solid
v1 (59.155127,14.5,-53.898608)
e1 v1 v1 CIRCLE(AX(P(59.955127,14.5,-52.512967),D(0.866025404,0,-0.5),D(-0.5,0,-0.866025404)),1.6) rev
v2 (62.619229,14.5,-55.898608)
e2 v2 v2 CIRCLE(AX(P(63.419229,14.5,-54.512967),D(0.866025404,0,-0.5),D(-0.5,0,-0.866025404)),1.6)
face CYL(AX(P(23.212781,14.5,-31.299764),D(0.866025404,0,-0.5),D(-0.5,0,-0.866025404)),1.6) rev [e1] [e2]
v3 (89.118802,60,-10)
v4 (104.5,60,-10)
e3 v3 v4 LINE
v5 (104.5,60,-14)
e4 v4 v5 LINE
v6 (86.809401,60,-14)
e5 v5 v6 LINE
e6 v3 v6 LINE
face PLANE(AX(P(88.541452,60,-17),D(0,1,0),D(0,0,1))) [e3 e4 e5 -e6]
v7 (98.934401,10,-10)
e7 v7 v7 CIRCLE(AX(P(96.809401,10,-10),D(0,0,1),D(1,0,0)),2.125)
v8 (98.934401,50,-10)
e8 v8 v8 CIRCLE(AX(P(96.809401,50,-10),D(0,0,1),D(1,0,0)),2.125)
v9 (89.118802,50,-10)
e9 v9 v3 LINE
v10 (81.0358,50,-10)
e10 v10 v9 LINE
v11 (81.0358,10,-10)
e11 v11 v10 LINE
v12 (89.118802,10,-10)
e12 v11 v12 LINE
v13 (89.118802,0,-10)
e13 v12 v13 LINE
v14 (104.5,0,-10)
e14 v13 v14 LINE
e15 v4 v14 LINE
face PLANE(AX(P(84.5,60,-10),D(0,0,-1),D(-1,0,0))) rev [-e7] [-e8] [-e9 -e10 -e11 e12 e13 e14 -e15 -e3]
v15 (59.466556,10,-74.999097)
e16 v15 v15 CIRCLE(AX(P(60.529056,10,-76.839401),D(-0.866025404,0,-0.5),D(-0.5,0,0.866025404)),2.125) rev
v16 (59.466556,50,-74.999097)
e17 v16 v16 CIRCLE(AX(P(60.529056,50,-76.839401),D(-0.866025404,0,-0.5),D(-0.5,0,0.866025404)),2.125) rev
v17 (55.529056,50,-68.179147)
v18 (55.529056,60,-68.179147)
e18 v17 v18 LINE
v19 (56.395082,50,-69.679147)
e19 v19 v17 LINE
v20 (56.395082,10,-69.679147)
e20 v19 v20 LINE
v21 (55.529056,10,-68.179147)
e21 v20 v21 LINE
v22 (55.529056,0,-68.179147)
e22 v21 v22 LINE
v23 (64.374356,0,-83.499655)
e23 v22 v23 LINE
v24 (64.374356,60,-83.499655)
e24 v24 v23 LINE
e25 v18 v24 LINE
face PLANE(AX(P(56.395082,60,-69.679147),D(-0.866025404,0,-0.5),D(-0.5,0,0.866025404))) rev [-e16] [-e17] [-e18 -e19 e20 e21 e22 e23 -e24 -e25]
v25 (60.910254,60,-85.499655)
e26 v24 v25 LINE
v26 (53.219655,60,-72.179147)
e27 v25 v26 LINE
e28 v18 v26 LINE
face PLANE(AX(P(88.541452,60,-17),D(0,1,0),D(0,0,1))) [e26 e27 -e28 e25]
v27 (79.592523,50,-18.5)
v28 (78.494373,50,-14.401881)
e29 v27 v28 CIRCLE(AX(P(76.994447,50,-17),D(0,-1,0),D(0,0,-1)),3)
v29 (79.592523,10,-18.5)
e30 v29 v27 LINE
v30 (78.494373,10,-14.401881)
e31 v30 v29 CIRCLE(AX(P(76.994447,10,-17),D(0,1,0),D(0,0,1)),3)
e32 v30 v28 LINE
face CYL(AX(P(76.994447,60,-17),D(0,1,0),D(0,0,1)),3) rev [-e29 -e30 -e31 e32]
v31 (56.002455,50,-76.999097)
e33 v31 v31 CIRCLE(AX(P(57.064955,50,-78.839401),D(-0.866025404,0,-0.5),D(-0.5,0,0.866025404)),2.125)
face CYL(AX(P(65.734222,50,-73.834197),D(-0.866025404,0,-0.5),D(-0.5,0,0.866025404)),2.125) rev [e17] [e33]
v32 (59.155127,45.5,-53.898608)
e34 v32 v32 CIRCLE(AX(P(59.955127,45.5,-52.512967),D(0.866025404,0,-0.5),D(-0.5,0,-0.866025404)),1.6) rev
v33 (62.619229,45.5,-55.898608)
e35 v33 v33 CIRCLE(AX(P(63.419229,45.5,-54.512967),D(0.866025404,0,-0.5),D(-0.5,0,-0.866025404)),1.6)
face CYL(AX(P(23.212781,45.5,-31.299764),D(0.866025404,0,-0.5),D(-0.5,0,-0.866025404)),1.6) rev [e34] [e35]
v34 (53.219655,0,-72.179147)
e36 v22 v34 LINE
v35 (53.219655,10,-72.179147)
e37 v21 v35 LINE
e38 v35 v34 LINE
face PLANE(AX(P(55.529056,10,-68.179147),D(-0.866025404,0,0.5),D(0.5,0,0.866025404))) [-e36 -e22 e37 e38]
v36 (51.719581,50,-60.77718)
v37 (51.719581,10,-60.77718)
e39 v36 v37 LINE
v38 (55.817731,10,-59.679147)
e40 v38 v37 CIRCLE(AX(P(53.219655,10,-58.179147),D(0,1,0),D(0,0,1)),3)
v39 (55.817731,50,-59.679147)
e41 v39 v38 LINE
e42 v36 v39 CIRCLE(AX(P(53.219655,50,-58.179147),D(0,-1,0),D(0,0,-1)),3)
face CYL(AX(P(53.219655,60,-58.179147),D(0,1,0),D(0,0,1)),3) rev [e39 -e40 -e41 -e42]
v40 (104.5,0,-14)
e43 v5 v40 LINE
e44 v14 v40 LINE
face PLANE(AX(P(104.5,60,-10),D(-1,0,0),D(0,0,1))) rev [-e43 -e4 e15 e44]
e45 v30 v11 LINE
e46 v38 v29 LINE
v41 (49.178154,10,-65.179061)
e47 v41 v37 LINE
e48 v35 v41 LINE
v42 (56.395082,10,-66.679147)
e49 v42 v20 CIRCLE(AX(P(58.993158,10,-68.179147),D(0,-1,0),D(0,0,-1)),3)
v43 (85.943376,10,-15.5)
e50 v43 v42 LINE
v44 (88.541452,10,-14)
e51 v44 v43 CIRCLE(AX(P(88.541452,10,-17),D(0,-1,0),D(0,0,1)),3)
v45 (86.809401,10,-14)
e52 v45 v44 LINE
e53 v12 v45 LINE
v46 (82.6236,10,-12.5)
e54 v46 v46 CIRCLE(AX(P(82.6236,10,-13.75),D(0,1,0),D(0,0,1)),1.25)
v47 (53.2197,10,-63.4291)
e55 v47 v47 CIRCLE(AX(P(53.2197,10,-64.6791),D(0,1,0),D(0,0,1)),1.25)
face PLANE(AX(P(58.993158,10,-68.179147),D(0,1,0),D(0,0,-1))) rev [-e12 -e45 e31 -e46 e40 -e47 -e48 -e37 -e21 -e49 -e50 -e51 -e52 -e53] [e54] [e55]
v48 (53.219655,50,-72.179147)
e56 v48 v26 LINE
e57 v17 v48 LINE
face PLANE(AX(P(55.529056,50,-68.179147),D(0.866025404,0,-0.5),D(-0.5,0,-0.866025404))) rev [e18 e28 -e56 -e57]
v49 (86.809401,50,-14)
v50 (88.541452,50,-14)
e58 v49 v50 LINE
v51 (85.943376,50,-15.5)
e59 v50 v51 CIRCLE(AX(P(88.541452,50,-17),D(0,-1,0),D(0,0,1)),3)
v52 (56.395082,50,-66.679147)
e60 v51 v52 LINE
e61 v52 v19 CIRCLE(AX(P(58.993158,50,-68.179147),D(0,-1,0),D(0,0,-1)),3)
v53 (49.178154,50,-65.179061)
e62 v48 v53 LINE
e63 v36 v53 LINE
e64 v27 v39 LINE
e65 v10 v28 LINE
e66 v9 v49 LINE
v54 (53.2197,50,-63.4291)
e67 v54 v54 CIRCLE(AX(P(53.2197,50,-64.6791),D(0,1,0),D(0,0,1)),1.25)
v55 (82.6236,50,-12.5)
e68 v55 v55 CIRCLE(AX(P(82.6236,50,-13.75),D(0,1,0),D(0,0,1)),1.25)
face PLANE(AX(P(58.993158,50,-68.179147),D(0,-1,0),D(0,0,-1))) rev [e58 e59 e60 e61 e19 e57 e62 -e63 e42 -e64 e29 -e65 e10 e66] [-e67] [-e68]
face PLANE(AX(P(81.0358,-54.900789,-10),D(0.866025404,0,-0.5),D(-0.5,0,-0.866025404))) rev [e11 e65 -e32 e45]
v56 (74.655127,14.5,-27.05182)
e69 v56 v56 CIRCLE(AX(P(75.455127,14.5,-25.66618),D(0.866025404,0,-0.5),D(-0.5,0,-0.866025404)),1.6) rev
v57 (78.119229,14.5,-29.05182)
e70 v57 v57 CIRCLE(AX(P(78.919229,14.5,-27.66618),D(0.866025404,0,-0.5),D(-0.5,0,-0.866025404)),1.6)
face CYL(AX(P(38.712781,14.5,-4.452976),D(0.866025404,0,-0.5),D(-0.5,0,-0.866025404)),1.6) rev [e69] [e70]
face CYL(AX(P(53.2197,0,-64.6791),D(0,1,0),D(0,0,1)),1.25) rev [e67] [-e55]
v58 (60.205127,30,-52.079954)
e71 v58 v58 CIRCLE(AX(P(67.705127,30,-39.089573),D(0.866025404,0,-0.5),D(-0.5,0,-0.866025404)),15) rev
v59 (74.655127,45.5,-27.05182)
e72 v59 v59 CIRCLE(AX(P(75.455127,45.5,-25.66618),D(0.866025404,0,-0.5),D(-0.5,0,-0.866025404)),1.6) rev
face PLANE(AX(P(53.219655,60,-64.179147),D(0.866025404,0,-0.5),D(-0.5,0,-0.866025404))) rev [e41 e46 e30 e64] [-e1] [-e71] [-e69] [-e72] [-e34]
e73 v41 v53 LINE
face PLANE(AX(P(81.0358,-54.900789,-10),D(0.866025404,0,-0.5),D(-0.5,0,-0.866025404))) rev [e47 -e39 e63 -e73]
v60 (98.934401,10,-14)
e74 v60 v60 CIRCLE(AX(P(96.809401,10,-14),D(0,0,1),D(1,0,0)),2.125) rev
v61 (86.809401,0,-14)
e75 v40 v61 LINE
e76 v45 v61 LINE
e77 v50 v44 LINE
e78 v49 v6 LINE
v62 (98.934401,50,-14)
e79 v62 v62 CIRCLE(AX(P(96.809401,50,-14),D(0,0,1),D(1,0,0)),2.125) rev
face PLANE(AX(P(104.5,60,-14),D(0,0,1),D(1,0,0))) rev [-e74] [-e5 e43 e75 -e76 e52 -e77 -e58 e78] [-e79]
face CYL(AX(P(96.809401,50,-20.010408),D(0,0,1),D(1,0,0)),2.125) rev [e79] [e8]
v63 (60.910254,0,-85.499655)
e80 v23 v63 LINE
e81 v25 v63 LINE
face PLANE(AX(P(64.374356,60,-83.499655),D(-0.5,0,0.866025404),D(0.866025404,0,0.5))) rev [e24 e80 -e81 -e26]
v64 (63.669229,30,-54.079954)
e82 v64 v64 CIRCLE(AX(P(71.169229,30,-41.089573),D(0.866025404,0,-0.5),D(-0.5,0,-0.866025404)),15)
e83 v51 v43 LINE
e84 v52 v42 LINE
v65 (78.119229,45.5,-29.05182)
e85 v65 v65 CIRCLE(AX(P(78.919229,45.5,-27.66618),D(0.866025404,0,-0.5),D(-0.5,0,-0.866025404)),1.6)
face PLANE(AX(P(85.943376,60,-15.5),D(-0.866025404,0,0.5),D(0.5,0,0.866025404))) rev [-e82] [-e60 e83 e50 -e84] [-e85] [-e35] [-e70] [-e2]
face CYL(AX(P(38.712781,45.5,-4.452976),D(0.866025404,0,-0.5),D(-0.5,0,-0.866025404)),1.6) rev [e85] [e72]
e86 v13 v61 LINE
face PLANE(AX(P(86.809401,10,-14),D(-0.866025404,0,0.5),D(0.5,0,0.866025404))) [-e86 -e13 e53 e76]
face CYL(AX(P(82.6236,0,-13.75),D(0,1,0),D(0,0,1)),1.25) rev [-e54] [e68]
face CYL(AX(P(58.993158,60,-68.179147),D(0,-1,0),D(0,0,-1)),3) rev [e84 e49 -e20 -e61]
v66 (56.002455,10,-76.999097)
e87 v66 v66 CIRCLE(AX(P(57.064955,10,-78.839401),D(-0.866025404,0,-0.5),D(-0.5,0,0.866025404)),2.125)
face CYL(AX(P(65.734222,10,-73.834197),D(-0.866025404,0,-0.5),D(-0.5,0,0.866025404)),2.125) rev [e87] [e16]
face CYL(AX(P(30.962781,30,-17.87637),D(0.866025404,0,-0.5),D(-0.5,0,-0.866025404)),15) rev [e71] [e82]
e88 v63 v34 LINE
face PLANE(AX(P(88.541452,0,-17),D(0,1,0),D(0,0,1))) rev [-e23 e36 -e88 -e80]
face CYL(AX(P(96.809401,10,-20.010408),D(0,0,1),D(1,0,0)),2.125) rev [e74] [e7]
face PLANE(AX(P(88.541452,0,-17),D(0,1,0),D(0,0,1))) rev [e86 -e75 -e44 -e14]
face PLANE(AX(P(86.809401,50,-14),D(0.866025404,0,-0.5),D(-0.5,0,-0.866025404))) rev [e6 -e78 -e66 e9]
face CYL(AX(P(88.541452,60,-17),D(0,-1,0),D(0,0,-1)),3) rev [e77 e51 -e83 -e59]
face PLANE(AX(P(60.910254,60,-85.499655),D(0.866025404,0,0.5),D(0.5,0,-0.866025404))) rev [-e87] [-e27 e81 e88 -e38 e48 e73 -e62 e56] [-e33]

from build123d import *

# Parameters (mm, degrees)
BOSS_EXTRUDE4_DEPTH = 60
CUT_EXTRUDE9_DEPTH  = 10
FILLET5_R           = 3
SKETCH13_R          = 1.25
CUT_EXTRUDE10_DEPTH = 51
SKETCH14_R          = 2.125
CUT_EXTRUDE11_DEPTH = 4
SKETCH15_R          = 2.125
CUT_EXTRUDE12_DEPTH = 4
SKETCH16_R          = 15
SKETCH16_R_2        = 1.6
CUT_EXTRUDE13_DEPTH = 4
CUT_EXTRUDE14_DEPTH = 40


with BuildPart() as part:
    # Sketch1 → Boss-Extrude4 (new body)
    with BuildSketch(Plane(origin=(0, 0, 0), x_dir=(1, 0, 0), z_dir=(0, 1, 0))):
        with BuildLine():
            Line((84.5, 10), (104.5, 10))
            Line((104.5, 10), (104.5, 14))
            Line((104.5, 14), (88.541451884, 14))
            ThreePointArc((88.541451884, 14), (87.041451884, 14.401923789), (85.943375673, 15.5))
            Line((85.943375673, 15.5), (56.395081595, 66.67914662))
            ThreePointArc((56.395081595, 66.67914662), (55.993157806, 68.17914662), (56.395081595, 69.67914662))
            Line((56.395081595, 69.67914662), (64.374355653, 83.499654695))
            Line((64.374355653, 83.499654695), (60.910254038, 85.499654695))
            Line((60.910254038, 85.499654695), (50.910254038, 68.17914662))
            Line((50.910254038, 68.17914662), (46.868804038, 61.179149884))
            Line((46.868804038, 61.179149884), (49.178205115, 57.179149884))
            Line((49.178205115, 57.179149884), (53.219655115, 64.17914662))
            Line((53.219655115, 64.17914662), (82.190598923, 14))
            Line((82.190598923, 14), (74.107698923, 14))
            Line((74.107698923, 14), (76.4171, 10))
            Line((76.4171, 10), (84.5, 10))
        make_face()
    extrude(amount=BOSS_EXTRUDE4_DEPTH)

    # Sketch12 → Cut-Extrude9 (cut)
    with BuildSketch(Plane(origin=(0, 60, 0), x_dir=(1, 0, 0), z_dir=(0, 1, 0))):
        with BuildLine():
            Line((89.118802154, 10), (76.4171, 10))
            Line((76.4171, 10), (46.868804038, 61.179149884))
            Line((46.868804038, 61.179149884), (53.219655115, 72.17914662))
            Line((53.219655115, 72.17914662), (55.529056191, 68.17914662))
            Line((55.529056191, 68.17914662), (56.395081595, 69.67914662))
            ThreePointArc((56.395081595, 69.67914662), (55.993157806, 68.17914662), (56.395081595, 66.67914662))
            Line((56.395081595, 66.67914662), (85.943375673, 15.5))
            ThreePointArc((85.943375673, 15.5), (87.041451884, 14.401923789), (88.541451884, 14))
            Line((88.541451884, 14), (86.809401077, 14))
            Line((86.809401077, 14), (89.118802154, 10))
        make_face()
    cut_extrude9 = extrude(amount=-CUT_EXTRUDE9_DEPTH, mode=Mode.SUBTRACT)

    # Mirror4: Cut-Extrude9 across plane
    add(cut_extrude9.mirror(Plane.ZX.offset(30)), mode=Mode.SUBTRACT)

    # Fillet5
    fillet5_edges = [part.edges().sort_by_distance(p)[0] for p in [
        (82.190598923, 30, -14),
        (53.219655115, 30, -64.17914662),
    ]]
    fillet(fillet5_edges, radius=FILLET5_R)

    # Sketch13 → Cut-Extrude10 (cut, through all)
    with BuildSketch(Plane(origin=(0, 50, 0), x_dir=(1, 0, 0), z_dir=(0, 1, 0))):
        with Locations((53.2197, 64.6791)):
            Circle(SKETCH13_R)
        with Locations((82.6236, 13.75)):
            Circle(SKETCH13_R)
    extrude(amount=-CUT_EXTRUDE10_DEPTH, mode=Mode.SUBTRACT)

    # Sketch14 → Cut-Extrude11 (cut)
    with BuildSketch(Plane.XY.offset(-10)):
        with Locations((96.809401077, 50)):
            Circle(SKETCH14_R)
        with Locations((96.809401077, 10)):
            Circle(SKETCH14_R)
    extrude(amount=-CUT_EXTRUDE11_DEPTH, mode=Mode.SUBTRACT)

    # Sketch15 → Cut-Extrude12 (cut)
    with BuildSketch(Plane(origin=(8.660254038, 0, 5), x_dir=(-0.5, 0, 0.866025404), z_dir=(-0.866025404, 0, -0.5))):
        with Locations((-96.809401077, 50)):
            Circle(SKETCH15_R)
        with Locations((-96.809401077, 10)):
            Circle(SKETCH15_R)
    extrude(amount=-CUT_EXTRUDE12_DEPTH, mode=Mode.SUBTRACT)

    # Sketch16 → Cut-Extrude13 (cut)
    with BuildSketch(Plane(origin=(71.169228634, 0, -41.08957331), x_dir=(-0.5, 0, -0.866025404), z_dir=(0.866025404, 0, -0.5))):
        with Locations((0, 30)):
            Circle(SKETCH16_R)
        with Locations((-15.5, 45.5)):
            Circle(SKETCH16_R_2)
        with Locations((15.5, 45.5)):
            Circle(SKETCH16_R_2)
        with Locations((15.5, 14.5)):
            Circle(SKETCH16_R_2)
        with Locations((-15.5, 14.5)):
            Circle(SKETCH16_R_2)
    extrude(amount=-CUT_EXTRUDE13_DEPTH, mode=Mode.SUBTRACT)

    # Sketch17 → Cut-Extrude14 (cut)
    with BuildSketch(Plane(origin=(0, 50, 0), x_dir=(1, 0, 0), z_dir=(0, 1, 0))):
        Polygon((46.868804038, 61.179149884), (76.4171, 10), (81.0358, 10), (49.178154038, 65.179061416), align=None)
    extrude(amount=-CUT_EXTRUDE14_DEPTH, mode=Mode.SUBTRACT)


solid = part.part
